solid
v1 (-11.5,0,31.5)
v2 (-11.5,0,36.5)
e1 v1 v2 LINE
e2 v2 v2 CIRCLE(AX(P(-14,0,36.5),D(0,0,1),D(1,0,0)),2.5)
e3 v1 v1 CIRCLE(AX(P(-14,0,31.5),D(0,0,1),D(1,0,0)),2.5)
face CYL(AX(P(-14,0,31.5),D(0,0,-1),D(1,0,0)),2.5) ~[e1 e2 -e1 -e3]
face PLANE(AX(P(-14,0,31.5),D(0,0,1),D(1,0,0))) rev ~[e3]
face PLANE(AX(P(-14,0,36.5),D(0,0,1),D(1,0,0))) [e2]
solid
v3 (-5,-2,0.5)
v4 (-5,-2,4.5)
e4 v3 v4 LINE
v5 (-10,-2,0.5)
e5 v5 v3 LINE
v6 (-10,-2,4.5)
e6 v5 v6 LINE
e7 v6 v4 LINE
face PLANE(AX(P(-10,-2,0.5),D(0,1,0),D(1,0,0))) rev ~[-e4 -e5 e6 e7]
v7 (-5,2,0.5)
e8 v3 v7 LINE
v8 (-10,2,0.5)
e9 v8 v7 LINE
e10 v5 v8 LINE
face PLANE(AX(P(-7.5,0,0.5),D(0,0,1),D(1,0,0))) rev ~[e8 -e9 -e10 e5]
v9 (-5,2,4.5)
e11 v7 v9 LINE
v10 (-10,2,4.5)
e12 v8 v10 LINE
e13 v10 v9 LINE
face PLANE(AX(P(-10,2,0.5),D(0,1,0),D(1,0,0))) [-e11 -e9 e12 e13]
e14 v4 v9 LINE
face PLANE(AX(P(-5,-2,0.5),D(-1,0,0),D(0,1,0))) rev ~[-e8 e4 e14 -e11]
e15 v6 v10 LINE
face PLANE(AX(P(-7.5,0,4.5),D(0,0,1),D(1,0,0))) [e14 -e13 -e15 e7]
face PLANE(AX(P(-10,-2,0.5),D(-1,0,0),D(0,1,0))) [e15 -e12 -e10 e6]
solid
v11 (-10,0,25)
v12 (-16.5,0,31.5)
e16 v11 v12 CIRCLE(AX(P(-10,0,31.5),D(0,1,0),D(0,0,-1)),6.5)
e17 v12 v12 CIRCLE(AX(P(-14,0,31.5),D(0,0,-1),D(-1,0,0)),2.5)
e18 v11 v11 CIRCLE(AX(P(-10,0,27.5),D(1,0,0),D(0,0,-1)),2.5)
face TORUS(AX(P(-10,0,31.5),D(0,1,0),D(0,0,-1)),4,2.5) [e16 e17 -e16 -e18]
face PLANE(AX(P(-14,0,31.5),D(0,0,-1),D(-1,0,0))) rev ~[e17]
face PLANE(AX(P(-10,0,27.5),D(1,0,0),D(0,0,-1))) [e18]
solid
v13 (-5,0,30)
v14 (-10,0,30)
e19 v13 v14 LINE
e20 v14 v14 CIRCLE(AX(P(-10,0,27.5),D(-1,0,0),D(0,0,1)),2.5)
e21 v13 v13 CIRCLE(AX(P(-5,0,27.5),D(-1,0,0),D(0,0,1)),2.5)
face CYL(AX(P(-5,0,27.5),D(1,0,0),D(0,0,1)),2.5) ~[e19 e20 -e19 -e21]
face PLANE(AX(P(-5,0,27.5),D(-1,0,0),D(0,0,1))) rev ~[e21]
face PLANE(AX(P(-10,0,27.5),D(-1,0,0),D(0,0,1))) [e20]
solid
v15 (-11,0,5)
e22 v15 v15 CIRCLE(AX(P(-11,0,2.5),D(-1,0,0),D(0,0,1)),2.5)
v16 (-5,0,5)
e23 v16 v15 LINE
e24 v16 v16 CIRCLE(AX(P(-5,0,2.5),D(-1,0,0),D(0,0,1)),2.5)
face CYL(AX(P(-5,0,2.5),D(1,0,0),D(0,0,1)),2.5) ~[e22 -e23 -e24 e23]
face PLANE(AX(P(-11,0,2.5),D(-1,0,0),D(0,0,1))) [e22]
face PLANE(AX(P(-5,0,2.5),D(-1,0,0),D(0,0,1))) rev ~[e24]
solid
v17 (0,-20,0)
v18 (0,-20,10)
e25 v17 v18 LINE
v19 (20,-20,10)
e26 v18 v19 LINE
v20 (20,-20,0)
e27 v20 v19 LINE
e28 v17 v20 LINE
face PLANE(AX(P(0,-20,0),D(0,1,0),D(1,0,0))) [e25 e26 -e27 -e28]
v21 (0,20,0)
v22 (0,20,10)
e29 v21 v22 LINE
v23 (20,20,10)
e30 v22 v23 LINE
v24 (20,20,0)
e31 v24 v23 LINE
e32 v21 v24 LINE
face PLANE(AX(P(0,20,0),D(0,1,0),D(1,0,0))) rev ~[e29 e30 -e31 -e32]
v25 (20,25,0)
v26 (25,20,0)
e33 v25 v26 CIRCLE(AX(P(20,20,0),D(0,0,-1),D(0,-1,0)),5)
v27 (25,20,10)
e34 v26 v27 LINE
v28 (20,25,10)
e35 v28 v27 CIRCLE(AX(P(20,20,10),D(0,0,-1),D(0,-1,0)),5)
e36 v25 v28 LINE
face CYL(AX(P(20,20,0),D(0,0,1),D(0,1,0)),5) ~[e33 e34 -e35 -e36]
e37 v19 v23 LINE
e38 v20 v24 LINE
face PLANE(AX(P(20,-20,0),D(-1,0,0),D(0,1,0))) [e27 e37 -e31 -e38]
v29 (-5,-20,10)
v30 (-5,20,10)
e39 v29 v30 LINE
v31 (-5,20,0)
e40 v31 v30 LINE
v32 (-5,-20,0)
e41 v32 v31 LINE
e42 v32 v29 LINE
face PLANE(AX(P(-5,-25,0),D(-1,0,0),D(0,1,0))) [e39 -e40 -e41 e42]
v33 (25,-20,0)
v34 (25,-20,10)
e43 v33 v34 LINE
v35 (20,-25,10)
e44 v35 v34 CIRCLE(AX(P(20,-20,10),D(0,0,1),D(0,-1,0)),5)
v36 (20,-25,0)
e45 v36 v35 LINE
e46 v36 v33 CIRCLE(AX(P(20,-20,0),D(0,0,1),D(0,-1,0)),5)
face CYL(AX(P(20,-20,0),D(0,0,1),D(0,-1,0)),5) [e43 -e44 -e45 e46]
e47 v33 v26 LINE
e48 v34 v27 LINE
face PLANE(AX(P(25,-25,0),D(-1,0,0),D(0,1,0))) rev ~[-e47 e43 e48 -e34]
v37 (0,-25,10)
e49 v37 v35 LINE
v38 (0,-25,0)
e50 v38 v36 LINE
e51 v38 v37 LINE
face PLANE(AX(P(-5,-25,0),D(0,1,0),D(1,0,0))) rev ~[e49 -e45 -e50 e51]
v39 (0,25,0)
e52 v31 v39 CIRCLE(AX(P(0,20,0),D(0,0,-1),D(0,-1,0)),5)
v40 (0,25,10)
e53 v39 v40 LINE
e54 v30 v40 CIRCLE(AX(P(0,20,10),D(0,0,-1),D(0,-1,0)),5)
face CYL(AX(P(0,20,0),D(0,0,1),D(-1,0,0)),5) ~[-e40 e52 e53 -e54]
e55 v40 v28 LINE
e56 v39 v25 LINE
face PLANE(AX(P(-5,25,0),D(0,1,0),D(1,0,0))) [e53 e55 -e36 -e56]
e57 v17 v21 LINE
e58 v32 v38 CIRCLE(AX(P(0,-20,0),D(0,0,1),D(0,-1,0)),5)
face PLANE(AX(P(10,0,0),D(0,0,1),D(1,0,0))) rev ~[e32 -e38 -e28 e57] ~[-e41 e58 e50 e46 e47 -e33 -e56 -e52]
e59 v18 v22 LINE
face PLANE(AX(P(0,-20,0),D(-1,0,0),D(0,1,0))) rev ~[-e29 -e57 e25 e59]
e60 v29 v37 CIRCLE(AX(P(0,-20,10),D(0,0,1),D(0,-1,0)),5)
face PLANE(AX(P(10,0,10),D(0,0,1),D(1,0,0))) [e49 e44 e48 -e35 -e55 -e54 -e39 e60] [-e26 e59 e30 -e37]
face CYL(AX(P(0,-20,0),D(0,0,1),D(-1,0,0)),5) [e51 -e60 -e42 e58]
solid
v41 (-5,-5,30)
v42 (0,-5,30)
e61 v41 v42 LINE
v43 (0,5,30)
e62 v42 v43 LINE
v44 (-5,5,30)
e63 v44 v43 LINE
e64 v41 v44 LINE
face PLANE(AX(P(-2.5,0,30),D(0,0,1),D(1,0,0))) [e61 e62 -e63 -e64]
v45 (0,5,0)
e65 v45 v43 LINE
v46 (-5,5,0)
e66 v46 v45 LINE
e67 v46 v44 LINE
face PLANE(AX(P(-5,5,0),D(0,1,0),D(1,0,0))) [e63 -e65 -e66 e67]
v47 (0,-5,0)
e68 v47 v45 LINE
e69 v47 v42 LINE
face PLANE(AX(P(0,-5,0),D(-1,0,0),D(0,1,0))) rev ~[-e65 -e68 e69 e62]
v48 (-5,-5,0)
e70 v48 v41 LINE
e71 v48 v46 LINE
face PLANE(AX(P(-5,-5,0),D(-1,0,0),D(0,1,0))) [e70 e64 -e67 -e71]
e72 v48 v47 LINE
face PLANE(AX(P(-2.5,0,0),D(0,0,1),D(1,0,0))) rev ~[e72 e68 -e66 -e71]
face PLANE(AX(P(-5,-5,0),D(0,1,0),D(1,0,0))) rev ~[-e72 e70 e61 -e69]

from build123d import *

# Parameters (mm, degrees)
CYLINDER002_R           = 2.5
CYLINDER002_DEPTH       = 6
CYLINDER002_PITCH_ANGLE = -90
BOX001_W                = 5
BOX001_H                = 10
BOX001_DEPTH            = 30
CYLINDER003_R           = 2.5
CYLINDER003_DEPTH       = 5
CYLINDER003_PITCH_ANGLE = -90
TORUS_R                 = 2.5
TORUS_ANGLE             = 90
CYLINDER004_R           = 2.5
CYLINDER004_DEPTH       = 5
BOX002_W                = 5
BOX002_H                = 4
BOX002_DEPTH            = 4
BOX003_W                = 20
BOX003_H                = 40
BOX003_DEPTH            = 10
BOX_W                   = 30
BOX_H                   = 50
BOX_DEPTH               = 10
FILLET_R                = 5


with BuildPart() as cylinder002:
    # Cylinder002 → Cylinder002 (new body)
    with BuildSketch(Plane.XY):
        Circle(CYLINDER002_R)
    extrude(amount=CYLINDER002_DEPTH)


with BuildPart() as cylinder002_1:
    # Cylinder002 pitch: moved
    add(cylinder002.part.rotate(Axis((0, 0, 0), (0, 1, 0)), CYLINDER002_PITCH_ANGLE))


with BuildPart() as cylinder002_2:
    # Cylinder002 placement: moved
    add(cylinder002_1.part.moved(Location((-5, 0, 2.5))))


with BuildPart() as cube001:
    # Box001 → Box001 (new body)
    with BuildSketch(Plane(origin=(-5, -5, 0), x_dir=(1, 0, 0), z_dir=(0, 0, 1))):
        with Locations((2.5, 5)):
            Rectangle(BOX001_W, BOX001_H)
    extrude(amount=BOX001_DEPTH)


with BuildPart() as cylinder003:
    # Cylinder003 → Cylinder003 (new body)
    with BuildSketch(Plane.XY):
        Circle(CYLINDER003_R)
    extrude(amount=CYLINDER003_DEPTH)


with BuildPart() as cylinder003_1:
    # Cylinder003 pitch: moved
    add(cylinder003.part.rotate(Axis((0, 0, 0), (0, 1, 0)), CYLINDER003_PITCH_ANGLE))


with BuildPart() as cylinder003_2:
    # Cylinder003 placement: moved
    add(cylinder003_1.part.moved(Location((-5, 0, 27.5))))


with BuildPart() as torus:
    # Torus → Torus (revolve)
    with BuildSketch(Plane(origin=(-10, 0, 31.5), x_dir=(0, 0, -1), z_dir=(1, 0, 0))):
        with Locations((4, 0)):
            Circle(TORUS_R)
    revolve(axis=Axis((-10, 0, 31.5), (0, 1, 0)), revolution_arc=TORUS_ANGLE)


with BuildPart() as cylinder004:
    # Cylinder004 → Cylinder004 (new body)
    with BuildSketch(Plane(origin=(-14, 0, 31.5), x_dir=(1, 0, 0), z_dir=(0, 0, 1))):
        Circle(CYLINDER004_R)
    extrude(amount=CYLINDER004_DEPTH)


with BuildPart() as cube002:
    # Box002 → Box002 (new body)
    with BuildSketch(Plane(origin=(-10, -2, 0.5), x_dir=(1, 0, 0), z_dir=(0, 0, 1))):
        with Locations((2.5, 2)):
            Rectangle(BOX002_W, BOX002_H)
    extrude(amount=BOX002_DEPTH)


with BuildPart() as cube003:
    # Box003 → Box003 (new body)
    with BuildSketch(Plane(origin=(0, -20, 0), x_dir=(1, 0, 0), z_dir=(0, 0, 1))):
        with Locations((10, 20)):
            Rectangle(BOX003_W, BOX003_H)
    extrude(amount=BOX003_DEPTH)


with BuildPart() as fillet_body:
    # Box → Box (new body)
    with BuildSketch(Plane(origin=(-5, -25, 0), x_dir=(1, 0, 0), z_dir=(0, 0, 1))):
        with Locations((15, 25)):
            Rectangle(BOX_W, BOX_H)
    extrude(amount=BOX_DEPTH)

    # Cut: cut Cube003
    add(cube003.part, mode=Mode.SUBTRACT)

    # Fillet
    fillet_edges = [fillet_body.edges().sort_by_distance(p)[0] for p in [
        (-5, -25, 5),
        (-5, 25, 5),
        (25, -25, 5),
        (25, 25, 5),
    ]]
    fillet(fillet_edges, radius=FILLET_R)


solid = Compound([cylinder002_2.part, cube001.part, cylinder003_2.part, torus.part, cylinder004.part, cube002.part, fillet_body.part])
